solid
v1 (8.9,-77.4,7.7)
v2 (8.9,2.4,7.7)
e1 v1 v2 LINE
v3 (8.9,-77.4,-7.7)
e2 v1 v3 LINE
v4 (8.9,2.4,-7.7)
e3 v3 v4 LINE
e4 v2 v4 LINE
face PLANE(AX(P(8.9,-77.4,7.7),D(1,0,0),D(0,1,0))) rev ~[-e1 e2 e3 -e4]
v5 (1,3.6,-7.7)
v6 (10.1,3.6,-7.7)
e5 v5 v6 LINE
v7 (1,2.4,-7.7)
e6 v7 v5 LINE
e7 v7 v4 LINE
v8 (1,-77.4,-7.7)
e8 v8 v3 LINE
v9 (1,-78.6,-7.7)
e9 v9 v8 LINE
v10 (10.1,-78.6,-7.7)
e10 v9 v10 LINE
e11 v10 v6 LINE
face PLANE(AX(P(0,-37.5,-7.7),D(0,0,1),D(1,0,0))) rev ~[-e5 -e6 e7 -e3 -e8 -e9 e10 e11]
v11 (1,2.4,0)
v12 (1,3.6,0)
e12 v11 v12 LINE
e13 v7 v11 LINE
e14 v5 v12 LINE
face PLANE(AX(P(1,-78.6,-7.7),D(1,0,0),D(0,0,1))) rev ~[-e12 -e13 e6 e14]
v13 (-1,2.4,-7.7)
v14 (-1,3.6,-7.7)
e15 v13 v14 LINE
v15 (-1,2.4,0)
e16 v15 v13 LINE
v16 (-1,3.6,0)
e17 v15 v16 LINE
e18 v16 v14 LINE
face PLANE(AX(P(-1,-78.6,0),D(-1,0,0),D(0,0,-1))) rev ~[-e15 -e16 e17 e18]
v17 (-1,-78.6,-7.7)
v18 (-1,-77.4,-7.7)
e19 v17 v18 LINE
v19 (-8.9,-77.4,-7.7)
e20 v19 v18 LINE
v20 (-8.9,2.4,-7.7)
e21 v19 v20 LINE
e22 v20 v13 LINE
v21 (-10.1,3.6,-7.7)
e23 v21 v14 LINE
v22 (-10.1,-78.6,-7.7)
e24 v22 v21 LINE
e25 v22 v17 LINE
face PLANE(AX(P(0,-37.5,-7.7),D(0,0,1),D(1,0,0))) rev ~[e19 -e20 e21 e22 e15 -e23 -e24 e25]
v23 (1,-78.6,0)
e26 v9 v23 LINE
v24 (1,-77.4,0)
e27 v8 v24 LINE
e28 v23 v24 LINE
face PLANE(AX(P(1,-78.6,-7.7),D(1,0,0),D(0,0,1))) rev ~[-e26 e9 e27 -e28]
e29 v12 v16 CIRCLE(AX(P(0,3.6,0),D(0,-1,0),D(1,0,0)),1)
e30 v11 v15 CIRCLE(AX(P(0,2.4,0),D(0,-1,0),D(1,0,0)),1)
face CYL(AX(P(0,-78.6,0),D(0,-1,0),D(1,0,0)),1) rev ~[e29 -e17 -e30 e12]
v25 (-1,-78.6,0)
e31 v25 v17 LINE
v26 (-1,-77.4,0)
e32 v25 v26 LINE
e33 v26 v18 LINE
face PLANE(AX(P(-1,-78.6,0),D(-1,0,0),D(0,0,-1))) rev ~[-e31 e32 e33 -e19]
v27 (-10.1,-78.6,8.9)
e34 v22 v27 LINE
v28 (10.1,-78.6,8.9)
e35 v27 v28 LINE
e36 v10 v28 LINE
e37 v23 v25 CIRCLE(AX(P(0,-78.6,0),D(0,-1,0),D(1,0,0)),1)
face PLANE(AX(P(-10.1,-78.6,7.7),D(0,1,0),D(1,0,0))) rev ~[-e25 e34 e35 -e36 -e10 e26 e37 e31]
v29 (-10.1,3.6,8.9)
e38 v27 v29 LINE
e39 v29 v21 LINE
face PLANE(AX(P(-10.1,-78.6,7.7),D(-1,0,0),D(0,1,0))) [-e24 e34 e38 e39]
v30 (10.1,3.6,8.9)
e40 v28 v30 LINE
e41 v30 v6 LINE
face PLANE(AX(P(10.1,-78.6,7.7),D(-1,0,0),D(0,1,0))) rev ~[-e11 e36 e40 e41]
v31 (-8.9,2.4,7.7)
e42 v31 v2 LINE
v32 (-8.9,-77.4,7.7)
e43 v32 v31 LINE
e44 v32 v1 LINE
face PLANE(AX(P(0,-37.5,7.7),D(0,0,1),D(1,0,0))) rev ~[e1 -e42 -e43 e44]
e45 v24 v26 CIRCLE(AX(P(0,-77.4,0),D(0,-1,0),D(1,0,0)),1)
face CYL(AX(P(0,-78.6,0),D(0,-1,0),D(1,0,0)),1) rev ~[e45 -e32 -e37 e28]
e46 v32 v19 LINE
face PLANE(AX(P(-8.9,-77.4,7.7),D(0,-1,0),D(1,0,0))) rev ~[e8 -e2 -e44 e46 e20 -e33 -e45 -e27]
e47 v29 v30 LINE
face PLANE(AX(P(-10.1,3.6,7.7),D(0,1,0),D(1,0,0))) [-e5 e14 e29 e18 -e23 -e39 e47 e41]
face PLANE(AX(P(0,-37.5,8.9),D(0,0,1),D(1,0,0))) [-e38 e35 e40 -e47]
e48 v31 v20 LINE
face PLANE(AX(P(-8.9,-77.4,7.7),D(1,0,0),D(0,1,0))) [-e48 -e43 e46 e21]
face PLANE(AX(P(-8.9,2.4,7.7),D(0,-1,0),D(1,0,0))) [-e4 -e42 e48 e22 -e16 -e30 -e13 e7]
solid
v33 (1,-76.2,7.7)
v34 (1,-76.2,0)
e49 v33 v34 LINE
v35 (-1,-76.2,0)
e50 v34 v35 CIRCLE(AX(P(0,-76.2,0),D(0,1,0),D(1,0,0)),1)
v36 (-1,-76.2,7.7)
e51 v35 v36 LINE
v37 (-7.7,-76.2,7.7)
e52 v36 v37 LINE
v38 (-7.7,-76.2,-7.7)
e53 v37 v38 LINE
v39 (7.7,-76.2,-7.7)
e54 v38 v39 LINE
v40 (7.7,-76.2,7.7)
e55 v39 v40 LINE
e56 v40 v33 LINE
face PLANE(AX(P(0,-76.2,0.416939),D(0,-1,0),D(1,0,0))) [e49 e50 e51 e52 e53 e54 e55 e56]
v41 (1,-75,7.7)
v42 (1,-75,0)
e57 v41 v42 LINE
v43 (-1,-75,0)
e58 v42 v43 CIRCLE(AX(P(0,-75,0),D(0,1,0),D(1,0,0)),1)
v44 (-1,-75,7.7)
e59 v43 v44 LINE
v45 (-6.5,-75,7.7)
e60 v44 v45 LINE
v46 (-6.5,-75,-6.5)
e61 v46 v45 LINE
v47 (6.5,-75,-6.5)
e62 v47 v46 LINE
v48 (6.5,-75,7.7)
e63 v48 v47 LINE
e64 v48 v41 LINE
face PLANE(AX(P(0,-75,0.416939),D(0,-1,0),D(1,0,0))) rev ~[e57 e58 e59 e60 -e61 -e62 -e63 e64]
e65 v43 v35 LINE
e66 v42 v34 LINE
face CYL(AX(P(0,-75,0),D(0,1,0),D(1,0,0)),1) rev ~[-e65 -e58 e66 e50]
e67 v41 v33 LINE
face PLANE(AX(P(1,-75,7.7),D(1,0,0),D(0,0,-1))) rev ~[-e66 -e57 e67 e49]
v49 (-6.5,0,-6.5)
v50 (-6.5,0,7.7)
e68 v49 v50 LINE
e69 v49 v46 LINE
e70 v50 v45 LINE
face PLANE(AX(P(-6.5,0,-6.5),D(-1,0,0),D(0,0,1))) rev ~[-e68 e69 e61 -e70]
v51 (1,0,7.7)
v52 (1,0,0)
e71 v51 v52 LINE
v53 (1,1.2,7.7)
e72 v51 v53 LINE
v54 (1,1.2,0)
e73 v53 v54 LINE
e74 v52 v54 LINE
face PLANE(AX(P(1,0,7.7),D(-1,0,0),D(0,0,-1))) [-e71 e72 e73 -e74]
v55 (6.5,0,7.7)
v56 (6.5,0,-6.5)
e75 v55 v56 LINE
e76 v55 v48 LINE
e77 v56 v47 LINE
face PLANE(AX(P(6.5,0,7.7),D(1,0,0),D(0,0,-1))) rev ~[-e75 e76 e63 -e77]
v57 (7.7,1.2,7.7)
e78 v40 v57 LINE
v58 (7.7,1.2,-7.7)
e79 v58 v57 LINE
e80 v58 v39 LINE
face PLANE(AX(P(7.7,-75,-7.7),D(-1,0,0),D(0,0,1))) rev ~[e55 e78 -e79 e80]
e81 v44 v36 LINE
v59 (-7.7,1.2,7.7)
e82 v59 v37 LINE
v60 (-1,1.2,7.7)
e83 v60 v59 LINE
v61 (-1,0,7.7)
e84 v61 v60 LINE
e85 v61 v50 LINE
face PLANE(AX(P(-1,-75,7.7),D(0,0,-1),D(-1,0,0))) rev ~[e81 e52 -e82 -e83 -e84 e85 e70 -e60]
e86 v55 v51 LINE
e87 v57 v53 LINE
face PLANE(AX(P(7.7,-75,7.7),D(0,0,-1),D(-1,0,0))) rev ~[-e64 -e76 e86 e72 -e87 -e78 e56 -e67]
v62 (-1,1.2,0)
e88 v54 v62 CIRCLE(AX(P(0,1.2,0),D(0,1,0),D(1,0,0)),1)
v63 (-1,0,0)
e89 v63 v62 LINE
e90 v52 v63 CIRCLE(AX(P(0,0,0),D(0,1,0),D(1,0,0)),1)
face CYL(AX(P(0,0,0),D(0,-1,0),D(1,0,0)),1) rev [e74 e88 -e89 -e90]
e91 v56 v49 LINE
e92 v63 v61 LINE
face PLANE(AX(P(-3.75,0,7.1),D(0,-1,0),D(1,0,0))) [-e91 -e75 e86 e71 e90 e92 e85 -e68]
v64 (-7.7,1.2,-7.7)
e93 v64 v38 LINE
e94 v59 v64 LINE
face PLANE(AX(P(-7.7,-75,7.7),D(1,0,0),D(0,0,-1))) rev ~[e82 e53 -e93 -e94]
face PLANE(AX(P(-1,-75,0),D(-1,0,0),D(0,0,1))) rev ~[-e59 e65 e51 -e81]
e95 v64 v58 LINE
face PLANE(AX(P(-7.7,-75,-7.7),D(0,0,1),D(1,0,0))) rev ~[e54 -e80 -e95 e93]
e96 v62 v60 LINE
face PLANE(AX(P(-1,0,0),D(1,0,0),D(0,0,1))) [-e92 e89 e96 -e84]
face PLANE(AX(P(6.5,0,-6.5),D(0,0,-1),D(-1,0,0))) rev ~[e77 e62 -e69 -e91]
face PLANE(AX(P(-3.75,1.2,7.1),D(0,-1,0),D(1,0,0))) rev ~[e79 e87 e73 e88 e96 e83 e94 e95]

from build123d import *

# Parameters (mm, degrees)
F2_DEPTH  = 75
F1_W      = 5.5
F1_H      = 1.2
F3_DEPTH  = 1.2
F4_W      = 5.5
F4_H      = 1.2
F5_DEPTH  = 1.2
F6_W      = 20.2
F6_H      = 82.2
F6_W_2    = 17.8
F6_H_2    = 79.8
F7_DEPTH  = 15.4
F9_DEPTH  = 82.201
F10_W     = 20.2
F10_H     = 82.2
F11_DEPTH = 1.2


with BuildPart() as f2:
    # F1 (on Front) → F2 (new body)
    with BuildSketch(Plane.XZ):
        Polygon((6.5, 6.5), (6.5, -6.5), (-6.5, -6.5), (-6.5, 6.5), (-6.5, 7.7), (-7.7, 7.7), (-7.7, -7.7), (7.7, -7.7), (7.7, 7.7), (6.5, 7.7), align=None)
    extrude(amount=F2_DEPTH)

    # F1 (on Front) → F3 (join)
    with BuildSketch(Plane.XZ):
        with Locations((-3.75, 7.1)):
            Rectangle(F1_W, F1_H)
        with BuildLine():
            Line((-6.5, -6.5), (6.5, -6.5))
            Line((6.5, -6.5), (6.5, 6.5))
            Line((6.5, 6.5), (1, 6.5))
            Line((1, 6.5), (1, 0))
            ThreePointArc((1, 0), (0, -1), (-1, 0))
            Line((-1, 0), (-1, 6.5))
            Line((-1, 6.5), (-6.5, 6.5))
            Line((-6.5, 6.5), (-6.5, -6.5))
        make_face()
        Polygon((6.5, 6.5), (6.5, -6.5), (-6.5, -6.5), (-6.5, 6.5), (-6.5, 7.7), (-7.7, 7.7), (-7.7, -7.7), (7.7, -7.7), (7.7, 7.7), (6.5, 7.7), align=None)
        with Locations((3.75, 7.1)):
            Rectangle(F1_W, F1_H)
    extrude(amount=-F3_DEPTH)

    # F4 (on face) → F5 (join)
    with BuildSketch(Plane.XZ.offset(75)):
        with BuildLine():
            Line((-6.5, 6.5), (-6.5, -6.5))
            Line((-6.5, -6.5), (6.5, -6.5))
            Line((6.5, -6.5), (6.5, 6.5))
            Line((6.5, 6.5), (1, 6.5))
            Line((1, 6.5), (1, 0))
            ThreePointArc((1, 0), (0, -1), (-1, 0))
            Line((-1, 0), (-1, 6.5))
            Line((-1, 6.5), (-6.5, 6.5))
        make_face()
        Polygon((6.5, -6.5), (-6.5, -6.5), (-6.5, 6.5), (-6.5, 7.7), (-7.7, 7.7), (-7.7, -7.7), (7.7, -7.7), (7.7, 7.7), (6.5, 7.7), (6.5, 6.5), align=None)
        with Locations((3.75, 7.1)):
            Rectangle(F4_W, F4_H)
        with Locations((-3.75, 7.1)):
            Rectangle(F4_W, F4_H)
    extrude(amount=F5_DEPTH)


with BuildPart() as f7:
    # F6 (on face) → F7 (new body, through all)
    with BuildSketch(Plane.XY.offset(7.7)):
        with Locations((0, -37.5)):
            Rectangle(F6_W, F6_H)
        with Locations((0, -37.5)):
            Rectangle(F6_W_2, F6_H_2, mode=Mode.SUBTRACT)
    extrude(amount=-F7_DEPTH)

    # F8 (on face) → F9 (cut, through all)
    with BuildSketch(Plane.XZ.offset(78.6)):
        with BuildLine():
            Line((1, -7.7), (1, 0))
            ThreePointArc((1, 0), (0, 1), (-1, 0))
            Line((-1, 0), (-1, -7.7))
            Line((-1, -7.7), (1, -7.7))
        make_face()
    extrude(amount=-F9_DEPTH, mode=Mode.SUBTRACT)

    # F10 (on face) → F11 (join)
    with BuildSketch(Plane.XY.offset(7.7)):
        with Locations((0, -37.5)):
            Rectangle(F10_W, F10_H)
    extrude(amount=F11_DEPTH)


solid = Compound([f2.part, f7.part])
